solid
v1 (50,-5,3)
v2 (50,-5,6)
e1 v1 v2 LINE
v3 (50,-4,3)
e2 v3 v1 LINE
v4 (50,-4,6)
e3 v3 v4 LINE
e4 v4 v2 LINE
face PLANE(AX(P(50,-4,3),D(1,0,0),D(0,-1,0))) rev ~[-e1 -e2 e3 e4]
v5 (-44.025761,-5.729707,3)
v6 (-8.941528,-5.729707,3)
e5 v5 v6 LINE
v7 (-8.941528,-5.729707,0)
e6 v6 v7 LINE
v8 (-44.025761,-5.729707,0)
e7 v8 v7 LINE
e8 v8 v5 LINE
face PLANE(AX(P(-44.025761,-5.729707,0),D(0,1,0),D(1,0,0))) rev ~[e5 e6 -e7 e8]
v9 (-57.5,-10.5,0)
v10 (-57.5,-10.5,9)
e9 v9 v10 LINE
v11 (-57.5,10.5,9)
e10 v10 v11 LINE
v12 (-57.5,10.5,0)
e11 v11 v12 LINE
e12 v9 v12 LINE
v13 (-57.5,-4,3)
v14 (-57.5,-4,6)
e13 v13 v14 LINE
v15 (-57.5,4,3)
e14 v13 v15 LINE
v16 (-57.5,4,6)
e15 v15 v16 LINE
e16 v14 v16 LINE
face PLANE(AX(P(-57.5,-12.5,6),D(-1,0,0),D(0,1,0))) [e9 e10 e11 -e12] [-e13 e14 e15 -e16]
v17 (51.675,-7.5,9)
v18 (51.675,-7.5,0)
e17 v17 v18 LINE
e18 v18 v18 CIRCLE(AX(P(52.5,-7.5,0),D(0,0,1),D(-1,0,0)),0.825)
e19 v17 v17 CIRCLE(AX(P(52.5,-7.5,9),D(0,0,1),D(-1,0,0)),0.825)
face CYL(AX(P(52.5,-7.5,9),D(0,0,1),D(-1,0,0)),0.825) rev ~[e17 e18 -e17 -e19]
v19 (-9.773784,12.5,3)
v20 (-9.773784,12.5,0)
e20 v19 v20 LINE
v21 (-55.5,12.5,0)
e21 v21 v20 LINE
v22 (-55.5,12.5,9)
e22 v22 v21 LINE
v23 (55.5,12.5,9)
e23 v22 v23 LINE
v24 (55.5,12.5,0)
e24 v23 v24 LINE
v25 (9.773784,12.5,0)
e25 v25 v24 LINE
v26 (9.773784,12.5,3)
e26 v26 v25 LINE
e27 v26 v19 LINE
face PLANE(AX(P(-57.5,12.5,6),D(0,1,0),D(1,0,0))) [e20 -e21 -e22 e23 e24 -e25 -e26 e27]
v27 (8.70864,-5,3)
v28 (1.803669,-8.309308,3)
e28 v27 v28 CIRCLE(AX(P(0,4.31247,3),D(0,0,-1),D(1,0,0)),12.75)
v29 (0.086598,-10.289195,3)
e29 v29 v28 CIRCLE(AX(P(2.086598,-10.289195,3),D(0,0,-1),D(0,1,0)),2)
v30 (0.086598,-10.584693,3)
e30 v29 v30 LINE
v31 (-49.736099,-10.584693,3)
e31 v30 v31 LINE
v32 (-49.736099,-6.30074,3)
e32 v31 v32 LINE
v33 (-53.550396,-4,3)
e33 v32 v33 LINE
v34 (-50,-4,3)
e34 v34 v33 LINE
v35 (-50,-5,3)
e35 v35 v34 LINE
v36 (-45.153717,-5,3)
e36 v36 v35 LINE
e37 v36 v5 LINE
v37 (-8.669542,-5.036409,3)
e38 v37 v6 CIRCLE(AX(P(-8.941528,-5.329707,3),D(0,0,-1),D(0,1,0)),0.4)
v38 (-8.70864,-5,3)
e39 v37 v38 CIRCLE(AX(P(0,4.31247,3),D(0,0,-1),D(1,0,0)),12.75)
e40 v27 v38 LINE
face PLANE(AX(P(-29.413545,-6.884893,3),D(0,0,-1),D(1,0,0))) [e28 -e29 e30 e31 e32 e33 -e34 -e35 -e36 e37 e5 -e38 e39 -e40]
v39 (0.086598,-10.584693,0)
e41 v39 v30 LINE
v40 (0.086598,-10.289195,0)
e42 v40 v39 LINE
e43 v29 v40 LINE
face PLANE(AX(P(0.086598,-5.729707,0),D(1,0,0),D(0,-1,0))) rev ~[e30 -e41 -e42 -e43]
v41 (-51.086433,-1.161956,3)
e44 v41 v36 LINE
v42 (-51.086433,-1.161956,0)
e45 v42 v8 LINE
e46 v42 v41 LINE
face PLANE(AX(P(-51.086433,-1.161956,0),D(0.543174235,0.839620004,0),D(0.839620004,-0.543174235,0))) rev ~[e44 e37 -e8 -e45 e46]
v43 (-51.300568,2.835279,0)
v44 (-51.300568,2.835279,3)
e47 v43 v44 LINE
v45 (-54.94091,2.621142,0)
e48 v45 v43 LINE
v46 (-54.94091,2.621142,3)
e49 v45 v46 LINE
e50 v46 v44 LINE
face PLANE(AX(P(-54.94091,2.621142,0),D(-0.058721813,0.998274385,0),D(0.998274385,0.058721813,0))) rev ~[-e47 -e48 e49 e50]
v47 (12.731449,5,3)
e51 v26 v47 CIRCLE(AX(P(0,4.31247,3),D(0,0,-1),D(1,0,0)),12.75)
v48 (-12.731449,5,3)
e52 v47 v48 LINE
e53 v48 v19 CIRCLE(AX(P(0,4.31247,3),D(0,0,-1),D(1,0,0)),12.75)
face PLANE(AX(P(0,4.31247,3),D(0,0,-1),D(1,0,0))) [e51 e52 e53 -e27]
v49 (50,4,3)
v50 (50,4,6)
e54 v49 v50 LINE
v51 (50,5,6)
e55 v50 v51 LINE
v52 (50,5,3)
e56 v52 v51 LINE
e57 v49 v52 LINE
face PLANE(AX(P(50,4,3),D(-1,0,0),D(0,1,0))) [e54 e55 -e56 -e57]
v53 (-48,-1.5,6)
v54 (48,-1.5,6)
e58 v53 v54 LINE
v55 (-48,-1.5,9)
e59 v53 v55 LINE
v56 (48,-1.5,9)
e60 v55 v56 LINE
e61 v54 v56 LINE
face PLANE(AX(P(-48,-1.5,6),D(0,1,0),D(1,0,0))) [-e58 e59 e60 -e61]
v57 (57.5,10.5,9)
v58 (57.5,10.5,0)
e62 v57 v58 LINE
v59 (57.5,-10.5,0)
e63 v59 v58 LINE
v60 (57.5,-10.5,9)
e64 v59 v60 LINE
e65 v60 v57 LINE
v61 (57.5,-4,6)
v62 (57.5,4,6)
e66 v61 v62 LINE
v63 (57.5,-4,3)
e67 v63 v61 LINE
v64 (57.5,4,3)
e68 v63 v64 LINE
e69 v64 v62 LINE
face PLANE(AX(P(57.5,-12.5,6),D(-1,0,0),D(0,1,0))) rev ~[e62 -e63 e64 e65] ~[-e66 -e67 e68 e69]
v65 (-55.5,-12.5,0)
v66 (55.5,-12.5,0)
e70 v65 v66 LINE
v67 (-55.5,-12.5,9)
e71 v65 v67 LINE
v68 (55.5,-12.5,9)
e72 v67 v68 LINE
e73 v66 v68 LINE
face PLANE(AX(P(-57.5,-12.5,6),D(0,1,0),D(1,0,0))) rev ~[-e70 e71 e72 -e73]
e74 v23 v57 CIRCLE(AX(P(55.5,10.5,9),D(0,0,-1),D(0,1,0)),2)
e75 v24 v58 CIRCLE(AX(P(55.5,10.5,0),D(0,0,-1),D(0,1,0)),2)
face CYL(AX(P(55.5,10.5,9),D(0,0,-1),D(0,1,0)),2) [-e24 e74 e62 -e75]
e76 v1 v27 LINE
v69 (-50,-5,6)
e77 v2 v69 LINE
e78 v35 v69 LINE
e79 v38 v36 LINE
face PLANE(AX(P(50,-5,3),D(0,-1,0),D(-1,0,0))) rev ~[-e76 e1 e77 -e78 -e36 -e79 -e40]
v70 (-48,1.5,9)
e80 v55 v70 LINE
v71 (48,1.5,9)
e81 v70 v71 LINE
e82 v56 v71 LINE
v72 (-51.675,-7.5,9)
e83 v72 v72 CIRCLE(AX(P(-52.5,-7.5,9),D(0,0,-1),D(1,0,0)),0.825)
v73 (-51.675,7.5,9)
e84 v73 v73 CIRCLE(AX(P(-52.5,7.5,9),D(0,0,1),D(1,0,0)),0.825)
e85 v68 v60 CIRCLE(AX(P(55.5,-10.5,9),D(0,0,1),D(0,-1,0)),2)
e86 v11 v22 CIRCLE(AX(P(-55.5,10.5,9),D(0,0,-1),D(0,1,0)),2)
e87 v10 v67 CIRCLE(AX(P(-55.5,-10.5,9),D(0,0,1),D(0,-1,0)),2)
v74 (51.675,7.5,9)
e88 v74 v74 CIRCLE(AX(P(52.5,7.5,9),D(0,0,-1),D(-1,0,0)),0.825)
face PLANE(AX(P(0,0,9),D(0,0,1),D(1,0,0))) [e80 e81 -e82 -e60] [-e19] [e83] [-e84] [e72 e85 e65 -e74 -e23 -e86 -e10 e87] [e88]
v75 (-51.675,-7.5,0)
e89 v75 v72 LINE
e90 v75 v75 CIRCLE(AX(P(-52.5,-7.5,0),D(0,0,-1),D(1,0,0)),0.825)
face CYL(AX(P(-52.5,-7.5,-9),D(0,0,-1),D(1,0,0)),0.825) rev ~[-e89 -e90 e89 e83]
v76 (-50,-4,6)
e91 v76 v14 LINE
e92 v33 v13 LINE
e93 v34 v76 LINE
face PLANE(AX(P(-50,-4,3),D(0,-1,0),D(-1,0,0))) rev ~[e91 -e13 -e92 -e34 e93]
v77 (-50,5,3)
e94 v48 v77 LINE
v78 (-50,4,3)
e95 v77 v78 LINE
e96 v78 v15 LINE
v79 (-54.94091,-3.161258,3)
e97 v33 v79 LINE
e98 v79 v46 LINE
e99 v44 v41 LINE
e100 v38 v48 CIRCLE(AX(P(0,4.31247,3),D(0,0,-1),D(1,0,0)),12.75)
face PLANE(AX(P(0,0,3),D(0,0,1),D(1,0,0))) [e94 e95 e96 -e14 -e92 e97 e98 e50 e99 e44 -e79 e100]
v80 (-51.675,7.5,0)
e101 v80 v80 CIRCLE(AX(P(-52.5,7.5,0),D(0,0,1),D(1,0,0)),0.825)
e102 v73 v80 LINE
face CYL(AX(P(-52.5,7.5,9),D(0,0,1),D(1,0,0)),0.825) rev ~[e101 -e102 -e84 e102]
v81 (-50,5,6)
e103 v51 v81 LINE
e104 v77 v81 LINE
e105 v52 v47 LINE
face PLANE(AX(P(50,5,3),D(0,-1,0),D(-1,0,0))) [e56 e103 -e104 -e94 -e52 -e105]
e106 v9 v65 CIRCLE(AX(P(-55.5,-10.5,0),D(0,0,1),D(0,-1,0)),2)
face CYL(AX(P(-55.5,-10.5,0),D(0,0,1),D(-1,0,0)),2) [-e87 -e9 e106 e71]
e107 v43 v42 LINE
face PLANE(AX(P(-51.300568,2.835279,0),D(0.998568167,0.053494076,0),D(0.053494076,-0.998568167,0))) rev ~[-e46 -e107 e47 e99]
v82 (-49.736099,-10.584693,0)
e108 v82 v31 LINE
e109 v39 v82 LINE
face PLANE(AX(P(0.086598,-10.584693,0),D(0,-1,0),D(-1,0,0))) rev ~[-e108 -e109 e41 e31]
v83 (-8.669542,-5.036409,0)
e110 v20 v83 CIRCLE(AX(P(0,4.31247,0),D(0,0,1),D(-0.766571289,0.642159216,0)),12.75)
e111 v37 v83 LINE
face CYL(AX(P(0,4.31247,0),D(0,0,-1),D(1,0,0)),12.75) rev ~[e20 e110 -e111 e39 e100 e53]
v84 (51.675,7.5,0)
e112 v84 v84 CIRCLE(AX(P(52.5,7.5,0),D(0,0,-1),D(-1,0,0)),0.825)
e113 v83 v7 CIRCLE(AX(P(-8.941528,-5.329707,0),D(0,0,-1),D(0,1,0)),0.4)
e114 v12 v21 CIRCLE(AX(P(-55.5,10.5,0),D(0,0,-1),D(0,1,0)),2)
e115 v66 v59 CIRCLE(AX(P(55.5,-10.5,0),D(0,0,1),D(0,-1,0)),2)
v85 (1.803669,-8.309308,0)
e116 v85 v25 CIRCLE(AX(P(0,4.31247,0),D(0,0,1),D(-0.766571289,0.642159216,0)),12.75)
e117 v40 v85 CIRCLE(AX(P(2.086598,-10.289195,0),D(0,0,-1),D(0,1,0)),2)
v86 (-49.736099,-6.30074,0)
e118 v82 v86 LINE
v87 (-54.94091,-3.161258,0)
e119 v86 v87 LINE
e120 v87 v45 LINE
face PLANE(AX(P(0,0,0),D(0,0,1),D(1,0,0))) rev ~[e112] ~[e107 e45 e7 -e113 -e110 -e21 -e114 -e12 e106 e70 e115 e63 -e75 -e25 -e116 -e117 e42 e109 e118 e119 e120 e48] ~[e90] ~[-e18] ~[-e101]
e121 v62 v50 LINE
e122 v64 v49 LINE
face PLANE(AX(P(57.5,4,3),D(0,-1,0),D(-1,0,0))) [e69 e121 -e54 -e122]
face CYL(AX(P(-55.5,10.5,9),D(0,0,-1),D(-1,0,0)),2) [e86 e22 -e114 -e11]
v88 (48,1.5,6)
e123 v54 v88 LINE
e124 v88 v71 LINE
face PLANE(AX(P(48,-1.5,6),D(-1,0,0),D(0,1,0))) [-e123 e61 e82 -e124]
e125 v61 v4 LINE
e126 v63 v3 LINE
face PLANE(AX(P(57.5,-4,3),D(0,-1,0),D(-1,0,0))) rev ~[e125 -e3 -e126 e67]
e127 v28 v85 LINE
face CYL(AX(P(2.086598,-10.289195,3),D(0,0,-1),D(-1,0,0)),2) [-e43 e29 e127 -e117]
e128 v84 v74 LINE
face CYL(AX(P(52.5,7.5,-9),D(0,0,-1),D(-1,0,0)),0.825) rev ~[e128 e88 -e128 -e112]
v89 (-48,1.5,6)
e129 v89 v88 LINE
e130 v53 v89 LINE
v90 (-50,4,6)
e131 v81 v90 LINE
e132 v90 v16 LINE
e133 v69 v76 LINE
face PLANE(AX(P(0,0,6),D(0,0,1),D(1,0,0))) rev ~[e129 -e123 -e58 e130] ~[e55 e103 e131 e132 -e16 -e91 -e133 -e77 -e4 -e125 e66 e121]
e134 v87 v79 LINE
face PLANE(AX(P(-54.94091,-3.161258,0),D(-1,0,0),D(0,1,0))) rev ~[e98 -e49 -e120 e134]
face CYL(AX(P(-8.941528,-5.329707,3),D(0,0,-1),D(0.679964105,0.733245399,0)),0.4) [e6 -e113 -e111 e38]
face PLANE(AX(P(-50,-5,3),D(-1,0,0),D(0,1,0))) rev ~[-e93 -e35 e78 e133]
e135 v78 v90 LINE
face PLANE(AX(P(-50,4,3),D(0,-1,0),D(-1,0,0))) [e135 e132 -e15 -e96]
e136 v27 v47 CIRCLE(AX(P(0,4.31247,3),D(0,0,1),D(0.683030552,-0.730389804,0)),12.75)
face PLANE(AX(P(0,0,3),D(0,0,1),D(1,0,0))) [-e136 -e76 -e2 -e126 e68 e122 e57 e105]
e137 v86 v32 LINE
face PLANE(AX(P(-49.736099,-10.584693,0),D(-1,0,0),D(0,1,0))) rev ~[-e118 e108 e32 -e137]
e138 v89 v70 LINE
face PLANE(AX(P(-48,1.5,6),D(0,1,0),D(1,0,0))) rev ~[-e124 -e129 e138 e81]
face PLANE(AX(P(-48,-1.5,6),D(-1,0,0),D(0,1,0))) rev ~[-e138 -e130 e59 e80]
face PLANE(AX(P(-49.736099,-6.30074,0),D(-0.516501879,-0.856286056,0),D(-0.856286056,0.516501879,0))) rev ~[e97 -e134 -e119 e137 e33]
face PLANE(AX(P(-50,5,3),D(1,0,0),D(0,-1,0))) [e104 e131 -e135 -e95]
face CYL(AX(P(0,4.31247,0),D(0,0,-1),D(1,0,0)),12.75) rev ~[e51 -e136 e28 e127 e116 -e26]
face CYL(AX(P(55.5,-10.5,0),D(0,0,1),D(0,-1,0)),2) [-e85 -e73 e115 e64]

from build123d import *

# Parameters (mm, degrees)
SKETCH_W              = 115
SKETCH_H              = 25
PAD_DEPTH             = 3
PAD001_DEPTH          = 3
SKETCH002_W           = 115
SKETCH002_H           = 25
SKETCH002_W_2         = 96
SKETCH002_H_2         = 3
PAD002_DEPTH          = 3
SKETCH003_R           = 0.825
POCKET_DEPTH          = 245.060315
POLARPATTERN_COUNT    = 2
POLARPATTERN001_COUNT = 2
POLARPATTERN002_COUNT = 2
FILLET_R              = 2
SKETCH004_R           = 12.75
POCKET001_DEPTH       = 3
POCKET002_DEPTH       = 3
FILLET001_R           = 0.4
FILLET002_R           = 2


with BuildPart() as part:
    # Sketch → Pad (new body)
    with BuildSketch(Plane.XY):
        Rectangle(SKETCH_W, SKETCH_H)
    extrude(amount=PAD_DEPTH)

    # Sketch001 (on Face6 of Pad) → Pad001 (join)
    with BuildSketch(Plane.XY.offset(3)):
        Polygon((-57.5, 12.5), (57.5, 12.5), (57.5, 4), (50, 4), (50, 5), (-50, 5), (-50, 4), (-57.5, 4), align=None)
        Polygon((-57.5, -12.5), (57.5, -12.5), (57.5, -4), (50, -4), (50, -5), (-50, -5), (-50, -4), (-57.5, -4), align=None)
    extrude(amount=PAD001_DEPTH)

    # Sketch002 (on Face12 of Pad001) → Pad002 (join)
    with BuildSketch(Plane.XY.offset(6)):
        Rectangle(SKETCH002_W, SKETCH002_H)
        Rectangle(SKETCH002_W_2, SKETCH002_H_2, mode=Mode.SUBTRACT)
    extrude(amount=PAD002_DEPTH)

    # Sketch003 (on Face26 of Pad002) → Pocket (cut, through all)
    with BuildSketch(Plane.XY.offset(9)):
        with Locations((-52.5, 7.5)):
            Circle(SKETCH003_R)
    pocket = extrude(amount=-POCKET_DEPTH, mode=Mode.SUBTRACT)

    # PolarPattern: Pocket ×2 about axis
    polarpattern_axis = Axis((0, 0, 0), (0, 1, 0))
    for i in range(1, POLARPATTERN_COUNT):
        add(pocket.rotate(polarpattern_axis, i * 360 / POLARPATTERN_COUNT), mode=Mode.SUBTRACT)

    # PolarPattern001: Pocket ×2 about axis
    polarpattern001_axis = Axis((0, 0, 0), (1, 0, 0))
    for i in range(1, POLARPATTERN001_COUNT):
        add(pocket.rotate(polarpattern001_axis, i * 360 / POLARPATTERN001_COUNT), mode=Mode.SUBTRACT)

    # PolarPattern002: Pocket ×2 about axis
    polarpattern002_axis = Axis((0, 0, 9), (0, 0, 1))
    for i in range(1, POLARPATTERN002_COUNT):
        add(pocket.rotate(polarpattern002_axis, i * 360 / POLARPATTERN002_COUNT), mode=Mode.SUBTRACT)

    # Fillet
    fillet_edges = [part.edges().sort_by_distance(p)[0] for p in [
        (57.5, 12.5, 7.5),
        (57.5, 12.5, 4.5),
        (57.5, 12.5, 1.5),
        (57.5, -12.5, 7.5),
        (-57.5, 12.5, 7.5),
        (-57.5, -12.5, 7.5),
    ]]
    fillet(fillet_edges, radius=FILLET_R)

    # Sketch004 (on Face2 of Fillet) → Pocket001 (cut)
    with BuildSketch(Plane(origin=(0, 0, 0), x_dir=(1, 0, 0), z_dir=(0, 0, -1))):
        with Locations((0, -4.31247)):
            Circle(SKETCH004_R)
    extrude(amount=-POCKET001_DEPTH, mode=Mode.SUBTRACT)

    # Sketch005 (on Face2 of Pocket001) → Pocket002 (cut)
    with BuildSketch(Plane(origin=(0, 0, 0), x_dir=(1, 0, 0), z_dir=(0, 0, -1))):
        Polygon((0.086598, 10.584693), (-49.736099, 10.584693), (-49.736099, 6.30074), (-54.94091, 3.161258), (-54.94091, -2.621142), (-51.300568, -2.835279), (-51.086433, 1.161956), (-44.025761, 5.729707), (0.086598, 5.729707), align=None)
    extrude(amount=-POCKET002_DEPTH, mode=Mode.SUBTRACT)

    # Fillet001
    fillet001_edges = [part.edges().sort_by_distance(p)[0] for p in [
        (-7.856028, -5.729707, 1.5),
    ]]
    fillet(fillet001_edges, radius=FILLET001_R)

    # Fillet002
    fillet002_edges = [part.edges().sort_by_distance(p)[0] for p in [
        (0.086598, -8.437236, 1.5),
    ]]
    fillet(fillet002_edges, radius=FILLET002_R)


solid = part.part
